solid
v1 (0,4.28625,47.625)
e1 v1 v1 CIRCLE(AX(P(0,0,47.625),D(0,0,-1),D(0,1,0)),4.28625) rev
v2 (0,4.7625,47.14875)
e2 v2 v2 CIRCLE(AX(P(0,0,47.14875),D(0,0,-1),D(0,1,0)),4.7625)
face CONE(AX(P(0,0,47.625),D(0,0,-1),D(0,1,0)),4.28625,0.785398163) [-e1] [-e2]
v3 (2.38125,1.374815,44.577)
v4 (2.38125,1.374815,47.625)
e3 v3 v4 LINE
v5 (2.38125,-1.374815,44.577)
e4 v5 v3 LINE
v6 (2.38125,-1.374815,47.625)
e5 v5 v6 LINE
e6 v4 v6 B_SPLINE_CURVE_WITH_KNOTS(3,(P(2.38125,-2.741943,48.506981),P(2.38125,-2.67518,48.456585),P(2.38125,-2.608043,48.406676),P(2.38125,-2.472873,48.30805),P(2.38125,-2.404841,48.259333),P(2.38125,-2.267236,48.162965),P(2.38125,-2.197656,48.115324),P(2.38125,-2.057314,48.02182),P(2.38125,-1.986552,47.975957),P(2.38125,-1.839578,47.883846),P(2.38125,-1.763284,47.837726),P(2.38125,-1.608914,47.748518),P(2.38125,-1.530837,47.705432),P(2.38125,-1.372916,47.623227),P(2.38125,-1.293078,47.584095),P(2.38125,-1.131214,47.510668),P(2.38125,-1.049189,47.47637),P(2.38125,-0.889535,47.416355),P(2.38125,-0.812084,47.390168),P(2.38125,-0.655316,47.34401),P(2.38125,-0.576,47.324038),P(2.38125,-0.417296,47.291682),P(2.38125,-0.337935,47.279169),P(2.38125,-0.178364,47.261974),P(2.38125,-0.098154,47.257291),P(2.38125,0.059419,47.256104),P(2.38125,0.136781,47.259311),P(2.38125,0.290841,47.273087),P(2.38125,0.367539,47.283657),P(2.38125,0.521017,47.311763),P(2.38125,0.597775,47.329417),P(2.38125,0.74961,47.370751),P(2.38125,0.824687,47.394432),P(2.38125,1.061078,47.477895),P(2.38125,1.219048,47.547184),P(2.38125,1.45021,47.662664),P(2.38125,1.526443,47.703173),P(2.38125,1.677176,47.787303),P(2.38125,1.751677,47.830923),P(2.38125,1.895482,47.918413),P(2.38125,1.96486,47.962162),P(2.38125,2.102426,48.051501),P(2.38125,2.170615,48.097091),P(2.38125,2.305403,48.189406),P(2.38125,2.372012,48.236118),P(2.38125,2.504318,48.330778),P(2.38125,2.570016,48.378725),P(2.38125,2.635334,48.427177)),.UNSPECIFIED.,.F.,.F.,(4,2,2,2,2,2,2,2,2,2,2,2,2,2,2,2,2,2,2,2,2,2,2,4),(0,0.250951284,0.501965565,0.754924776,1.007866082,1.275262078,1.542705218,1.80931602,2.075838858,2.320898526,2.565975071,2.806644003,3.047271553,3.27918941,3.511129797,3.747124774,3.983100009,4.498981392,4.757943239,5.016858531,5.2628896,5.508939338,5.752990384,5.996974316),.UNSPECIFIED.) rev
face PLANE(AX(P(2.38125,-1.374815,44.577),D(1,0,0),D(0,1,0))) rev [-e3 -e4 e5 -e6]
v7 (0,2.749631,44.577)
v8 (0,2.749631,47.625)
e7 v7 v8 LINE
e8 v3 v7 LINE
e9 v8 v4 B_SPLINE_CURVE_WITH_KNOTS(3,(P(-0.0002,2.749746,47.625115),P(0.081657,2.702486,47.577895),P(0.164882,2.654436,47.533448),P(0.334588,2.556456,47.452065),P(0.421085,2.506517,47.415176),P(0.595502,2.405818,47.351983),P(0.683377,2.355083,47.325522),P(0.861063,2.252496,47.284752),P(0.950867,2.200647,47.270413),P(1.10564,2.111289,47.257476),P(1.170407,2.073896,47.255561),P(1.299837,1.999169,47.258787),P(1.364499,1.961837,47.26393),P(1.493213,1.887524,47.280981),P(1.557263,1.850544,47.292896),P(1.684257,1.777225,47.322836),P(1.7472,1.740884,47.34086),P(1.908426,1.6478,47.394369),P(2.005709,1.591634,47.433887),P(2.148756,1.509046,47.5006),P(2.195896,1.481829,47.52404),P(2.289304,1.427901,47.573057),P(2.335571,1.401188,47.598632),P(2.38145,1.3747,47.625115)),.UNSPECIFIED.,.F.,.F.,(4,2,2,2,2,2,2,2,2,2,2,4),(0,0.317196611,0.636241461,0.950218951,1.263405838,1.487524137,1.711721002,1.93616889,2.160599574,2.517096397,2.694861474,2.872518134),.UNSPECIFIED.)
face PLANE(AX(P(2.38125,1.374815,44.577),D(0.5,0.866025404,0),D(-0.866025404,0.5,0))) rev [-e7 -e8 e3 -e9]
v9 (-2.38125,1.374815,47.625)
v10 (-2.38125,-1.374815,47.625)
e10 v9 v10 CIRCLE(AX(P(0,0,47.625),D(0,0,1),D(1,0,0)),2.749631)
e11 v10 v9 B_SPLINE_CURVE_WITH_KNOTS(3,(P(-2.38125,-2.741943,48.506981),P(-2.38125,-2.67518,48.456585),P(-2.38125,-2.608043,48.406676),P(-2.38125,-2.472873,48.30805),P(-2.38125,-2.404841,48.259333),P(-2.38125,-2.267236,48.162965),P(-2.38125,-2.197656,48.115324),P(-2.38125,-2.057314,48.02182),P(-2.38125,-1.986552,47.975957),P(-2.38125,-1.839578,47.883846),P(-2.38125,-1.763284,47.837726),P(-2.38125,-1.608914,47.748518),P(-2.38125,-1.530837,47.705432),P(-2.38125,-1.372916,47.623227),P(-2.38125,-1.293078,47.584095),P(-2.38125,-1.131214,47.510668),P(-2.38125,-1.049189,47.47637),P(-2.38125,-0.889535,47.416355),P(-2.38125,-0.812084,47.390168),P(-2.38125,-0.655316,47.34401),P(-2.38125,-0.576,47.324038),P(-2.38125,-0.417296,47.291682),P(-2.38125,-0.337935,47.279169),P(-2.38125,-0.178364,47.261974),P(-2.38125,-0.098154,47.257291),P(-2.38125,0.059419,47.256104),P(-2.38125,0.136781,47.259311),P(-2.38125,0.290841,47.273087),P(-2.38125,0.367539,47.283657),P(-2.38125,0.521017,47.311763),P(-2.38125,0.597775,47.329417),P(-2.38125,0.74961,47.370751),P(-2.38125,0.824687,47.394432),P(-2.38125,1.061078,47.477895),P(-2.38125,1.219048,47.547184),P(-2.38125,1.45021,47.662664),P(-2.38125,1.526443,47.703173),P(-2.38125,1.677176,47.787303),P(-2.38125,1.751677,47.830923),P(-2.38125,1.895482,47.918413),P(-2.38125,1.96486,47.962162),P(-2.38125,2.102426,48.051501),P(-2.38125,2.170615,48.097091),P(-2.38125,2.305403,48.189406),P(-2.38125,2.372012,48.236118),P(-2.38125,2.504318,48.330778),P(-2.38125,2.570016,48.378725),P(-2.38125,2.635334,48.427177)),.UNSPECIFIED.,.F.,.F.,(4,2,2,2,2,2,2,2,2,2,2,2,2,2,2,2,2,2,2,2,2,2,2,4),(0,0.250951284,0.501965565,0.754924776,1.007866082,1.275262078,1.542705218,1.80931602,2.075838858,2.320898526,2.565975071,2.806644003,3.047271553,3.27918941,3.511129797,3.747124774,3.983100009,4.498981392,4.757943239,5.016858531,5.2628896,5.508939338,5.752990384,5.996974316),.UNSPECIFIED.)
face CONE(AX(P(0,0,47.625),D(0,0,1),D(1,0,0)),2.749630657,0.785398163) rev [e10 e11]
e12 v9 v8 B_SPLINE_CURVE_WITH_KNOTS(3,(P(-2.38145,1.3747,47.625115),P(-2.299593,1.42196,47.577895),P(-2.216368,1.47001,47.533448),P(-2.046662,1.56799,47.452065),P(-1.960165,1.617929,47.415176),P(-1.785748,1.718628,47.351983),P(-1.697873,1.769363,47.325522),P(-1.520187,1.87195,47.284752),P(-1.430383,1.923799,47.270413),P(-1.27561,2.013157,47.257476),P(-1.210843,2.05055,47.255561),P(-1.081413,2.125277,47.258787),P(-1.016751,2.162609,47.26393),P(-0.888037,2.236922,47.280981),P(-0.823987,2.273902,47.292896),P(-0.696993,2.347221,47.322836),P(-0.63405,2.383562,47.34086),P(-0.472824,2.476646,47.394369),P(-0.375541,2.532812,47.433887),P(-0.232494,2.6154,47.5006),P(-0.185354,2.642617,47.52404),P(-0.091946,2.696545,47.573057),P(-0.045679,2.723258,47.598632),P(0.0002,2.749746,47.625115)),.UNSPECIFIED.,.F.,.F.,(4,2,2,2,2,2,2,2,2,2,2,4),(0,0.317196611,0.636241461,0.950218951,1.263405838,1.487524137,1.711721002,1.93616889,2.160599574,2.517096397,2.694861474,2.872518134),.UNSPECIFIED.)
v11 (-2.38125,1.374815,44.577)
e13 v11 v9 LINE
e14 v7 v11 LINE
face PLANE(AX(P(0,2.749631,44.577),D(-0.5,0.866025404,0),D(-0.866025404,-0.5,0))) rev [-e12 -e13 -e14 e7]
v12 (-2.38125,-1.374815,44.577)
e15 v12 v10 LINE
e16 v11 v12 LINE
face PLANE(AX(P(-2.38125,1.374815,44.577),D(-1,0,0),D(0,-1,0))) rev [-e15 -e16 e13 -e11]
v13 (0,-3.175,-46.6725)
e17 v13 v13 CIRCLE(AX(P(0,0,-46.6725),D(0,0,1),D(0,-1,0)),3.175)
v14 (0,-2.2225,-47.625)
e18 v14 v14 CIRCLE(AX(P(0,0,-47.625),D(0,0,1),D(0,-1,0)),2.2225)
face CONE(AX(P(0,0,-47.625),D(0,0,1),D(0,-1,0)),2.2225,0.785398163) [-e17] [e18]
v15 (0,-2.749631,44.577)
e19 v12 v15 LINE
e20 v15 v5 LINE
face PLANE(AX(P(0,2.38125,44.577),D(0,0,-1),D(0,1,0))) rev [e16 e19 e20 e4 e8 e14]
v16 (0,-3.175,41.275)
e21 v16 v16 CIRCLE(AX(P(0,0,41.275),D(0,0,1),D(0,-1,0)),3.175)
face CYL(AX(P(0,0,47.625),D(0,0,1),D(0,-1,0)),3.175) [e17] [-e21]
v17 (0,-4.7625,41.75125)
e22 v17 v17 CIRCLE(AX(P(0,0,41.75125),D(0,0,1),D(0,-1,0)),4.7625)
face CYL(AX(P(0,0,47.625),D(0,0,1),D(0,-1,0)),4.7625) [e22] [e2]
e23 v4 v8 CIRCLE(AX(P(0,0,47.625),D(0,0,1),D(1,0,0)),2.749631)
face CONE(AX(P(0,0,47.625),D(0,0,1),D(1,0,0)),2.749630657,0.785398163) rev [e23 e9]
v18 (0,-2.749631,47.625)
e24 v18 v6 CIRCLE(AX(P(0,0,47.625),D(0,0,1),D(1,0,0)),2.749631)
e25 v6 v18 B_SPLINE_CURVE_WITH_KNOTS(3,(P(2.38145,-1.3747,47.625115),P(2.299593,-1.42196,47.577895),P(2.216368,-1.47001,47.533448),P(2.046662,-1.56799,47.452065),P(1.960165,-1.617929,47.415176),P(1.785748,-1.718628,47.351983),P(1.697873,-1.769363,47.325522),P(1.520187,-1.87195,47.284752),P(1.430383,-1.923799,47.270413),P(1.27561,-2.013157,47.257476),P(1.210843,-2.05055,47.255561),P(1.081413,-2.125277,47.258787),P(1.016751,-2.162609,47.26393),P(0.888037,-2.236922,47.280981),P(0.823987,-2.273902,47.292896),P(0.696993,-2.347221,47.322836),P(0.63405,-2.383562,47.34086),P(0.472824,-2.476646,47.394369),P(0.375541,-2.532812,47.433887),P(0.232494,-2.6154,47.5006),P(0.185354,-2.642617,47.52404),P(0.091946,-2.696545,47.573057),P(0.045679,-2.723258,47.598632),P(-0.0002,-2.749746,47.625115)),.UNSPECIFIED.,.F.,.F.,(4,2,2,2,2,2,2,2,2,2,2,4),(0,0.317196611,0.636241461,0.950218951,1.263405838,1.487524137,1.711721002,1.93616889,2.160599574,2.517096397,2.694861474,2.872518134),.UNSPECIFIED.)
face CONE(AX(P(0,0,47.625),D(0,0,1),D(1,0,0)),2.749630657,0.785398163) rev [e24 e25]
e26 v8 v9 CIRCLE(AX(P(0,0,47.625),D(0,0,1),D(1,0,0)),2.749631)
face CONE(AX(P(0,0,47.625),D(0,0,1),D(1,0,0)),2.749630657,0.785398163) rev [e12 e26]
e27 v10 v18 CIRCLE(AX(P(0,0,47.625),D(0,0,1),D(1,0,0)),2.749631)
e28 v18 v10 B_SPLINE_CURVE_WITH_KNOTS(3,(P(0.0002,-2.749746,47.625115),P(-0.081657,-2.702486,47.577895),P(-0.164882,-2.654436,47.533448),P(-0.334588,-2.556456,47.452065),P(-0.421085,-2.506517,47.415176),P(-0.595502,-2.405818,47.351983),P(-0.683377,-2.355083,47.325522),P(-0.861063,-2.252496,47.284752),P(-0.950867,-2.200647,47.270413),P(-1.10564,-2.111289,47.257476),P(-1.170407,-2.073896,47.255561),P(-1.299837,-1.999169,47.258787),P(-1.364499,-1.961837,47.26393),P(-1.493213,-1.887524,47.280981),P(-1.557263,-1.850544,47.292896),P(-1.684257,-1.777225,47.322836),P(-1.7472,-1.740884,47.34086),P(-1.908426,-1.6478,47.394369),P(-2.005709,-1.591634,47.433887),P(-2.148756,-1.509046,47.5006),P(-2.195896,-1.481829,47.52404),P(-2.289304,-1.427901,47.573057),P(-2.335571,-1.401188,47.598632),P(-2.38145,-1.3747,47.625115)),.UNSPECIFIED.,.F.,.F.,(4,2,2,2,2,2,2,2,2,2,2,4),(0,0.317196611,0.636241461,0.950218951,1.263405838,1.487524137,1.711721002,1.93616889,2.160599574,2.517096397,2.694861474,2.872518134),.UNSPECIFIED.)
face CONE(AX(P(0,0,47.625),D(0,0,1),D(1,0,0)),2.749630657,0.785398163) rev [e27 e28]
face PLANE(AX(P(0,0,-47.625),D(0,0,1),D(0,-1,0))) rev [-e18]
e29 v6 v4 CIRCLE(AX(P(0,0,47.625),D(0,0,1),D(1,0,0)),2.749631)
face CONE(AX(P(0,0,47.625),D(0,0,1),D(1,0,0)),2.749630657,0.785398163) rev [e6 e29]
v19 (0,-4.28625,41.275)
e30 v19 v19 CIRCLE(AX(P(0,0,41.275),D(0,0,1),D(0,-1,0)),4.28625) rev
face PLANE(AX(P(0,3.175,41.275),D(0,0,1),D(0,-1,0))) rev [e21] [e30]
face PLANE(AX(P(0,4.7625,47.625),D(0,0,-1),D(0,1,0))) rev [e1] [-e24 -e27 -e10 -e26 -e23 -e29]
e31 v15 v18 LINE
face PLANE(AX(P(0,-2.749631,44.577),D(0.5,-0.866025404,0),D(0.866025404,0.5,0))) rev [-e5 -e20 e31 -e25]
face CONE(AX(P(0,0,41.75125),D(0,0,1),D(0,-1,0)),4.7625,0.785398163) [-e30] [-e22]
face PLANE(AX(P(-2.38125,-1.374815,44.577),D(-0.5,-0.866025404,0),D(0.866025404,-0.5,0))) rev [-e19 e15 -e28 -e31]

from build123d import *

# Parameters (mm, degrees)
CUT_EXTRUDE1_DEPTH = 3.048
SKETCH5_R          = 2.749630657
CUT_EXTRUDE2_DEPTH = 3.048
CUT_EXTRUDE2_DRAFT = -45
CHAMFER1_SIZE      = 0.47625


with BuildPart() as part:
    # Sketch3 → Revolve1 (revolve)
    with BuildSketch(Plane(origin=(0, 0, 0), x_dir=(0, 0, -1), z_dir=(1, 0, 0))):
        Polygon((-47.625, 4.7625), (-47.625, 2.38125), (-44.577, 2.38125), (-44.577, 0), (47.625, 0), (47.625, 2.2225), (46.6725, 3.175), (-41.275, 3.175), (-41.275, 4.7625), align=None)
    revolve(axis=Axis((0, 0, 47.625), (0, 0, -1)))

    # Sketch4 → Cut-Extrude1 (cut)
    with BuildSketch(Plane.XY.offset(47.625)):
        Polygon((0, 2.749630657), (-2.38125, 1.374815329), (-2.38125, -1.374815329), (0, -2.749630657), (2.38125, -1.374815329), (2.38125, 1.374815329), align=None)
    extrude(amount=-CUT_EXTRUDE1_DEPTH, mode=Mode.SUBTRACT)


with BuildPart() as cut_extrude2_tool:
    # Sketch5 → Cut-Extrude2 (with draft: the straight prism first)
    with BuildSketch(Plane.XY.offset(47.625)):
        Circle(SKETCH5_R)
    extrude(amount=-CUT_EXTRUDE2_DEPTH)
    # Cut-Extrude2: the draft: its side faces are tilted about the plane it starts from
    cut_extrude2_sides = [cut_extrude2_tool.faces().sort_by_distance(p)[0] for p in [
        (-2.749630657, 0, 46.101),
    ]]
    draft(cut_extrude2_sides, Plane.XY.offset(47.625), CUT_EXTRUDE2_DRAFT)


with BuildPart() as part_1:
    add(part.part)

    # Cut-Extrude2: cut by cut_extrude2_tool
    add(cut_extrude2_tool.part, mode=Mode.SUBTRACT)

    # Chamfer1
    chamfer1_edges = [part_1.edges().sort_by_distance(p)[0] for p in [
        (0, -4.7625, 47.625),
        (0, -4.7625, 41.275),
    ]]
    chamfer(chamfer1_edges, length=CHAMFER1_SIZE)


solid = part_1.part
